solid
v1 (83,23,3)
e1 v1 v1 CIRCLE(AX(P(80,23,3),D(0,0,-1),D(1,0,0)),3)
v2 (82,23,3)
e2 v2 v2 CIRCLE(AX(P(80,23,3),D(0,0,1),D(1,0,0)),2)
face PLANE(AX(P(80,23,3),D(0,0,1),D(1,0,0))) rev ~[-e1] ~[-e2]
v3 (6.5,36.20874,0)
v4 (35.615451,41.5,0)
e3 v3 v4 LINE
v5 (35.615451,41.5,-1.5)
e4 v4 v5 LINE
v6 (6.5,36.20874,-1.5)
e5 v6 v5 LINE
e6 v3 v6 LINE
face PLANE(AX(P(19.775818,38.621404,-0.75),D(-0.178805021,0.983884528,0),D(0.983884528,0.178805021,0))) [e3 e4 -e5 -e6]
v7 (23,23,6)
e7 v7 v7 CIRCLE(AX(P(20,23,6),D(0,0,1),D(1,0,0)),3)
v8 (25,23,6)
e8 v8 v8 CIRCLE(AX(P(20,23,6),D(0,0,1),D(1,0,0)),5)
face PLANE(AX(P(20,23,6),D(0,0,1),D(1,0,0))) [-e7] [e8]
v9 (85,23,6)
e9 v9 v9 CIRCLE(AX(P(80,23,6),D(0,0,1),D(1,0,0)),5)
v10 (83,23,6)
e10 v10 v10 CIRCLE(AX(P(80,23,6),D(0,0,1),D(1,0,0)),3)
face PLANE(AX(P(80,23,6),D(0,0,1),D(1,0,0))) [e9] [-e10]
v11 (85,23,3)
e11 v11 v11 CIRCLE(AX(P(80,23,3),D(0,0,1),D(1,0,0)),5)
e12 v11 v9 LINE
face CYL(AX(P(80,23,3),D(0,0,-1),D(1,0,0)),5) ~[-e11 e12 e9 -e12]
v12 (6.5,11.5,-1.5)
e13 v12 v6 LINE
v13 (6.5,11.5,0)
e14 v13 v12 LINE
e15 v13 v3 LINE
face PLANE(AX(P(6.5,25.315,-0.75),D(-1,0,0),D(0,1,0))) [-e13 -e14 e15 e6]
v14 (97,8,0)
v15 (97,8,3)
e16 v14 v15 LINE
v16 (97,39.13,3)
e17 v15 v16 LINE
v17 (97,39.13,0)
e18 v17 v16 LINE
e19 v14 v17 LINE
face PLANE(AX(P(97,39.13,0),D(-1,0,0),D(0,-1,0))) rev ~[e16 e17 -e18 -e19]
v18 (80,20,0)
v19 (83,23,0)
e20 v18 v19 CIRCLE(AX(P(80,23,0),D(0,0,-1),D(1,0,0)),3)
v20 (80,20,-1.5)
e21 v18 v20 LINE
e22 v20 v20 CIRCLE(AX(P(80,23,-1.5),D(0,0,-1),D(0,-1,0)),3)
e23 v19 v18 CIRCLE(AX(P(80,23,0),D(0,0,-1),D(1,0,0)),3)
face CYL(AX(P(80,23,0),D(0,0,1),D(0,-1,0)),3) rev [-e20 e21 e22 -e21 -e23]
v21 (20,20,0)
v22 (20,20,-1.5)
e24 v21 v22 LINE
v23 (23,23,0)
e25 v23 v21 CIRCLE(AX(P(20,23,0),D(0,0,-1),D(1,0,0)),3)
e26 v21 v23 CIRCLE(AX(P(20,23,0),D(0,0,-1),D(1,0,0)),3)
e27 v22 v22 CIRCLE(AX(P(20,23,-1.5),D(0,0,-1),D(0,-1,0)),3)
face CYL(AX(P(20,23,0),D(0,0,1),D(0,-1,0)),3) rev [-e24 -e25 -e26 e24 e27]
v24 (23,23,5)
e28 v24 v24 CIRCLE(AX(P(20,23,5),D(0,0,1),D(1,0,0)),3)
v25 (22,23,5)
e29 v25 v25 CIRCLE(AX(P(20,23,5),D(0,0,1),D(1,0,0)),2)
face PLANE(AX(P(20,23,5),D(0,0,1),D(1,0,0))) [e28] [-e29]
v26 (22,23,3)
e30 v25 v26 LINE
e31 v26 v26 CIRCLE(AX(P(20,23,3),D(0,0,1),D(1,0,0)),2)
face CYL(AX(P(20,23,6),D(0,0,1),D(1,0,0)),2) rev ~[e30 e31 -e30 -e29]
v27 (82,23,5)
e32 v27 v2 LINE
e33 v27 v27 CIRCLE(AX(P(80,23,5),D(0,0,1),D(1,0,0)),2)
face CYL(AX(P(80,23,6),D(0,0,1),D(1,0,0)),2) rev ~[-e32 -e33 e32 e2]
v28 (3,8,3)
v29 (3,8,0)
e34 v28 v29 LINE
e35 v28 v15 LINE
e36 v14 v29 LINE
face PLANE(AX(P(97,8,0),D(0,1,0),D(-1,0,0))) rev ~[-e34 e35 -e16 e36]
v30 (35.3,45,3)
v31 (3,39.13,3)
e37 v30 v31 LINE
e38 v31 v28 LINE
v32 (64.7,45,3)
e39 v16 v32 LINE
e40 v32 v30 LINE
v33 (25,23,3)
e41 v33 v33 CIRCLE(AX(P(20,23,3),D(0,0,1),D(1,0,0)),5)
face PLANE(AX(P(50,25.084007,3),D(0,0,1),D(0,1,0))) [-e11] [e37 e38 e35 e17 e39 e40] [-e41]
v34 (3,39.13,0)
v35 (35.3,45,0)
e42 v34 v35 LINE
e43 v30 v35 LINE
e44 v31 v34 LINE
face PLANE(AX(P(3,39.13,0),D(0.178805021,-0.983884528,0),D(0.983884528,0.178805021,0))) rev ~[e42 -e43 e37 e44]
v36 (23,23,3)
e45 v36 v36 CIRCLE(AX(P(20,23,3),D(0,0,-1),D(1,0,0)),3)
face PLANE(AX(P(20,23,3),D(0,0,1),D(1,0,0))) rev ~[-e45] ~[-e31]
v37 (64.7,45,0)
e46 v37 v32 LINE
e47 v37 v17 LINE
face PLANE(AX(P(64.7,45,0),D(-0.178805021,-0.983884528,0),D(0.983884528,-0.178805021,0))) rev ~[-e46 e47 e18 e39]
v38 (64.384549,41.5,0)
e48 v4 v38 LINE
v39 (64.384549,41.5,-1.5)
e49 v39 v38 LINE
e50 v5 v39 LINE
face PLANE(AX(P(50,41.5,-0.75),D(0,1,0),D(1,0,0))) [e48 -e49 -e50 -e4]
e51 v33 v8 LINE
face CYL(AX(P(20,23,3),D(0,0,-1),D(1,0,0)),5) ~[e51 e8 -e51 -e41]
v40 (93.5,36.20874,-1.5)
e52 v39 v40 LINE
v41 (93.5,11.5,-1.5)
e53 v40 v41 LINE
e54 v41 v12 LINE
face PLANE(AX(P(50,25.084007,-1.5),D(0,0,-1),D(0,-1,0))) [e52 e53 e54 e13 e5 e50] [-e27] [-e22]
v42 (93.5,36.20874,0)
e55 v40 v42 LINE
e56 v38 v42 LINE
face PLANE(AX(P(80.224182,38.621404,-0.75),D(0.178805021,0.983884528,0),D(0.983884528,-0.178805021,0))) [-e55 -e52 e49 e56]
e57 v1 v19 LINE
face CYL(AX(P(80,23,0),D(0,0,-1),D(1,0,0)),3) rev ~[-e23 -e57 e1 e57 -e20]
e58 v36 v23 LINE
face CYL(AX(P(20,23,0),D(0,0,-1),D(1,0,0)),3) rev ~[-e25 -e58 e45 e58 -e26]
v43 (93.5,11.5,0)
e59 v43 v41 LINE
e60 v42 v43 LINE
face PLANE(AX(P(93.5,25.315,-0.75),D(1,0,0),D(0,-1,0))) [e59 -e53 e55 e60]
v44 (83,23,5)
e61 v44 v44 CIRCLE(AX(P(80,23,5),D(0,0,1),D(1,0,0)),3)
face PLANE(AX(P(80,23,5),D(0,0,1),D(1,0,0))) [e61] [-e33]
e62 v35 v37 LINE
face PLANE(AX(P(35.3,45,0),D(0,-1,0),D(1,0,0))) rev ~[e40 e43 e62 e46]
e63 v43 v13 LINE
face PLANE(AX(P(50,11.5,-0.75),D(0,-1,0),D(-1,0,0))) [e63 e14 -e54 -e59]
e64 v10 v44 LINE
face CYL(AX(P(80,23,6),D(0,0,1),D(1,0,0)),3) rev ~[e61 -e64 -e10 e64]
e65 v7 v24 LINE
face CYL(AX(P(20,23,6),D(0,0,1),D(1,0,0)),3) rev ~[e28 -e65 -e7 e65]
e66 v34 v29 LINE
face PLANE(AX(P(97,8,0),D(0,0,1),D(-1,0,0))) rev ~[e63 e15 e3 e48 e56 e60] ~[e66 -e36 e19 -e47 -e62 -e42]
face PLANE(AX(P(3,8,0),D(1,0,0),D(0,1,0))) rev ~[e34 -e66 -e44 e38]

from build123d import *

# Parameters (mm, degrees)
SKETCH_W           = 100
SKETCH_H           = 45
PAD_DEPTH          = 20
PAD_FACE2_W        = 45
PAD_FACE2_H        = 20
POCKET_DEPTH       = 3
POCKET_FACE5_W     = 45
POCKET_FACE5_H     = 20
POCKET001_DEPTH    = 3
POCKET001_FACE1_W  = 94
POCKET001_FACE1_H  = 20
POCKET002_DEPTH    = 8
POCKET003_DEPTH    = 20
POCKET004_DEPTH    = 17
PAD001_DEPTH       = 2
SKETCH003_R        = 4.025
POCKET005_DEPTH    = 5
SKETCH004_R        = 4.025
POCKET006_DEPTH    = 5
SKETCH005_R        = 4.025
POCKET007_DEPTH    = 5
SKETCH006_R        = 4
SKETCH006_R_2      = 2
POCKET008_DEPTH    = 5
SKETCH007_R        = 3
POCKET009_DEPTH    = 1
PAD002_DEPTH       = 1
SKETCH008_R        = 4.05
POCKET010_DEPTH    = 5
SKETCH009_R        = 4.05
POCKET011_DEPTH    = 5
SKETCH010_R        = 4.05
POCKET012_DEPTH    = 5
SKETCH011_R        = 4
POCKET013_DEPTH    = 5
SKETCH012_W        = 15.333549
SKETCH012_H        = 10.93085
PAD003_DEPTH       = 3
POCKET014_DEPTH    = 20
SKETCH013_W        = 44.347308
SKETCH013_H        = 21.123651
PAD004_DEPTH       = 3
SKETCH014_R        = 3
POCKET015_DEPTH    = 5
SKETCH015_R        = 5
PAD005_DEPTH       = 3
SKETCH016_R        = 2
POCKET016_DEPTH    = 5
SKETCH017_R        = 3
POCKET017_DEPTH    = 1
POCKET017_FACE5_R  = 3
PAD006_DEPTH       = 1.5
PAD006_FACE5_W     = 94
PAD006_FACE5_H     = 1.5
POCKET018_DEPTH    = 3.5
POCKET018_FACE7_W  = 27.63
POCKET018_FACE7_H  = 1.5
POCKET019_DEPTH    = 3.5
POCKET019_FACE12_W = 27.63
POCKET019_FACE12_H = 1.5
POCKET020_DEPTH    = 3.5
POCKET020_FACE17_W = 32.8290557281
POCKET020_FACE17_H = 1.5
POCKET021_DEPTH    = 3.5
POCKET021_FACE14_W = 32.8290557281
POCKET021_FACE14_H = 1.5
POCKET022_DEPTH    = 3.5
POCKET022_FACE18_W = 29.4
POCKET022_FACE18_H = 1.5
POCKET023_DEPTH    = 3.5


with BuildPart() as part:
    # Sketch → Pad (new body)
    with BuildSketch(Plane.XY):
        with Locations((50, 22.5)):
            Rectangle(SKETCH_W, SKETCH_H)
    extrude(amount=PAD_DEPTH)

    # Pad Face2 → Pocket (cut)
    with BuildSketch(Plane(origin=(100, 22.5, 10), x_dir=(0, -1, 0), z_dir=(1, 0, 0))):
        Rectangle(PAD_FACE2_W, PAD_FACE2_H)
    extrude(amount=-POCKET_DEPTH, mode=Mode.SUBTRACT)

    # Pocket Face5 → Pocket001 (cut)
    with BuildSketch(Plane(origin=(0, 22.5, 10), x_dir=(0, 1, 0), z_dir=(-1, 0, 0))):
        Rectangle(POCKET_FACE5_W, POCKET_FACE5_H)
    extrude(amount=-POCKET001_DEPTH, mode=Mode.SUBTRACT)

    # Pocket001 Face1 → Pocket002 (cut)
    with BuildSketch(Plane(origin=(50, 0, 10), x_dir=(-1, 0, 0), z_dir=(0, -1, 0))):
        Rectangle(POCKET001_FACE1_W, POCKET001_FACE1_H)
    extrude(amount=-POCKET002_DEPTH, mode=Mode.SUBTRACT)

    # Sketch001 (on Face6 of Pocket002) → Pocket003 (cut)
    with BuildSketch(Plane.XY.offset(20)):
        Polygon((3, 45), (3, 39.13), (35.3, 45), align=None)
        Polygon((64.7, 45), (97, 45), (97, 39.13), align=None)
    extrude(amount=-POCKET003_DEPTH, mode=Mode.SUBTRACT)

    # Sketch002 (on Face8 of Pocket003) → Pocket004 (cut)
    with BuildSketch(Plane.XY.offset(20)):
        Polygon((6, 36.6260629355), (6, 11), (94, 11), (94, 36.6260629355), (64.6580556127, 42), (35.3419443873, 42), align=None)
    extrude(amount=-POCKET004_DEPTH, mode=Mode.SUBTRACT)

    # Pocket004 Face8 → Pad001 (add)
    with BuildSketch(Plane(origin=(50, 25.1421826555, 20), x_dir=(0, 1, 0), z_dir=(0, 0, 1))):
        Polygon((-17.1421826555, 47), (-17.1421826555, -47), (13.9878173445, -47), (19.8578173445, -14.7), (19.8578173445, 14.7), (13.9878173445, 47), align=None)
        Polygon((-14.1421826555, 44), (11.4838802799, 44), (16.8578173445, 14.6580556127), (16.8578173445, -14.6580556127), (11.4838802799, -44), (-14.1421826555, -44), align=None, mode=Mode.SUBTRACT)
    extrude(amount=PAD001_DEPTH)

    # Sketch003 (on Face6 of Pad001) → Pocket005 (cut)
    with BuildSketch(Plane(origin=(0, 45, 0), x_dir=(-1, 0, 0), z_dir=(0, 1, 0))):
        with Locations((-59.3625, 16.975)):
            Circle(SKETCH003_R)
        with Locations((-50, 16.975)):
            Circle(SKETCH003_R)
        with Locations((-40.6375, 16.975)):
            Circle(SKETCH003_R)
        with Locations((-59.3625, 7.525)):
            Circle(SKETCH003_R)
        with Locations((-50, 7.525)):
            Circle(SKETCH003_R)
        with Locations((-40.6375, 7.525)):
            Circle(SKETCH003_R)
    extrude(amount=-POCKET005_DEPTH, mode=Mode.SUBTRACT)

    # Sketch004 (on Face6 of Pocket005) → Pocket006 (cut)
    with BuildSketch(Plane(origin=(9.9850961575, 54.9435444444, 0), x_dir=(-0.983884528, 0.178805021, 0), z_dir=(0.178805021, 0.983884528, 0))):
        with Locations((-80.0098530156, 16.975)):
            Circle(SKETCH004_R)
        with Locations((-70.9736030156, 16.975)):
            Circle(SKETCH004_R)
        with Locations((-61.6111030156, 16.975)):
            Circle(SKETCH004_R)
        with Locations((-80.3361030156, 7.525)):
            Circle(SKETCH004_R)
        with Locations((-70.9736030156, 7.525)):
            Circle(SKETCH004_R)
        with Locations((-61.6111030156, 7.525)):
            Circle(SKETCH004_R)
    extrude(amount=-POCKET006_DEPTH, mode=Mode.SUBTRACT)

    # Sketch005 (on Face4 of Pocket006) → Pocket007 (cut)
    with BuildSketch(Plane(origin=(-6.7879726028, 37.3511950719, 0), x_dir=(-0.983884528, -0.178805021, 0), z_dir=(-0.178805021, 0.983884528, 0))):
        with Locations((-36.7773497852, 16.975)):
            Circle(SKETCH005_R)
        with Locations((-27.4148497852, 16.975)):
            Circle(SKETCH005_R)
        with Locations((-18.0523497852, 16.975)):
            Circle(SKETCH005_R)
        with Locations((-36.7773497852, 7.525)):
            Circle(SKETCH005_R)
        with Locations((-27.4148497852, 7.525)):
            Circle(SKETCH005_R)
        with Locations((-18.0523497852, 7.525)):
            Circle(SKETCH005_R)
    extrude(amount=-POCKET007_DEPTH, mode=Mode.SUBTRACT)

    # Sketch006 (on Face1 of Pocket007) → Pocket008 (cut)
    with BuildSketch(Plane(origin=(0, 0, 0), x_dir=(1, 0, 0), z_dir=(0, 0, -1))):
        with Locations((50, -23)):
            Circle(SKETCH006_R)
        with Locations((65.7, -18)):
            Circle(SKETCH006_R_2)
        with Locations((34.3, -18)):
            Circle(SKETCH006_R_2)
        with Locations((20, -23)):
            Circle(SKETCH006_R_2)
        with Locations((80, -23)):
            Circle(SKETCH006_R_2)
    extrude(amount=-POCKET008_DEPTH, mode=Mode.SUBTRACT)

    # Sketch007 (on Face1 of Pocket008) → Pocket009 (cut)
    with BuildSketch(Plane(origin=(0, 0, 0), x_dir=(1, 0, 0), z_dir=(0, 0, -1))):
        with Locations((20, -23)):
            Circle(SKETCH007_R)
        with Locations((80, -23)):
            Circle(SKETCH007_R)
    extrude(amount=-POCKET009_DEPTH, mode=Mode.SUBTRACT)

    # Pocket009 Face13 → Pad002 (add)
    with BuildSketch(Plane(origin=(50, 25.1421826555, 22), x_dir=(0, 1, 0), z_dir=(0, 0, 1))):
        Polygon((-17.1421826555, 47), (-17.1421826555, -47), (13.9878173445, -47), (19.8578173445, -14.7), (19.8578173445, 14.7), (13.9878173445, 47), align=None)
        Polygon((-14.1421826555, 44), (11.4838802799, 44), (16.8578173445, 14.6580556127), (16.8578173445, -14.6580556127), (11.4838802799, -44), (-14.1421826555, -44), align=None, mode=Mode.SUBTRACT)
    extrude(amount=PAD002_DEPTH)

    # Sketch008 (on Face30 of Pad002) → Pocket010 (cut)
    with BuildSketch(Plane(origin=(0, 45, 0), x_dir=(-1, 0, 0), z_dir=(0, 1, 0))):
        with Locations((-59.3625, 16.975)):
            Circle(SKETCH008_R)
        with Locations((-50.000011, 16.975002)):
            Circle(SKETCH008_R)
        with Locations((-40.6375, 16.975)):
            Circle(SKETCH008_R)
        with Locations((-40.6375, 7.525)):
            Circle(SKETCH008_R)
        with Locations((-50, 7.525)):
            Circle(SKETCH008_R)
        with Locations((-59.3625, 7.525)):
            Circle(SKETCH008_R)
    extrude(amount=-POCKET010_DEPTH, mode=Mode.SUBTRACT)

    # Sketch009 (on Face6 of Pocket010) → Pocket011 (cut)
    with BuildSketch(Plane(origin=(9.9850961575, 54.9435444444, 0), x_dir=(-0.983884528, 0.178805021, 0), z_dir=(0.178805021, 0.983884528, 0))):
        with Locations((-80.0098530156, 16.975)):
            Circle(SKETCH009_R)
        with Locations((-70.9736030156, 16.975)):
            Circle(SKETCH009_R)
        with Locations((-61.6111030156, 16.975)):
            Circle(SKETCH009_R)
        with Locations((-61.6111030156, 7.525)):
            Circle(SKETCH009_R)
        with Locations((-70.9736030156, 7.525)):
            Circle(SKETCH009_R)
        with Locations((-80.3361030156, 7.525)):
            Circle(SKETCH009_R)
    extrude(amount=-POCKET011_DEPTH, mode=Mode.SUBTRACT)

    # Sketch010 (on Face5 of Pocket011) → Pocket012 (cut)
    with BuildSketch(Plane(origin=(-6.7879726028, 37.3511950719, 0), x_dir=(-0.983884528, -0.178805021, 0), z_dir=(-0.178805021, 0.983884528, 0))):
        with Locations((-36.7773497852, 16.975)):
            Circle(SKETCH010_R)
        with Locations((-27.4148497852, 16.975)):
            Circle(SKETCH010_R)
        with Locations((-18.0523497852, 16.975)):
            Circle(SKETCH010_R)
        with Locations((-18.0523497852, 7.525)):
            Circle(SKETCH010_R)
        with Locations((-27.4148497852, 7.525)):
            Circle(SKETCH010_R)
        with Locations((-36.7773497852, 7.525)):
            Circle(SKETCH010_R)
    extrude(amount=-POCKET012_DEPTH, mode=Mode.SUBTRACT)

    # Sketch011 (on Face3 of Pocket012) → Pocket013 (cut)
    with BuildSketch(Plane(origin=(3, 0, 0), x_dir=(0, -1, 0), z_dir=(-1, 0, 0))):
        with Locations((-20, 15)):
            Circle(SKETCH011_R)
    extrude(amount=-POCKET013_DEPTH, mode=Mode.SUBTRACT)

    # Sketch012 (on Face3 of Pocket013) → Pad003 (join)
    with BuildSketch(Plane(origin=(3, 0, 0), x_dir=(0, -1, 0), z_dir=(-1, 0, 0))):
        with Locations((-20.0389255, 14.391196)):
            Rectangle(SKETCH012_W, SKETCH012_H)
    extrude(amount=-PAD003_DEPTH)

    # Cut004 Face13 → Pocket014 (cut)
    with BuildSketch(Plane(origin=(50, 25.1421826555, 23), x_dir=(0, 1, 0), z_dir=(0, 0, 1))):
        Polygon((-17.1421826555, 47), (-17.1421826555, -47), (13.9878173445, -47), (19.8578173445, -14.7), (19.8578173445, 14.7), (13.9878173445, 47), align=None)
        Polygon((-14.1421826555, 44), (11.4838802799, 44), (16.8578173445, 14.6580556127), (16.8578173445, -14.6580556127), (11.4838802799, -44), (-14.1421826555, -44), align=None, mode=Mode.SUBTRACT)
    extrude(amount=-POCKET014_DEPTH, mode=Mode.SUBTRACT)

    # Sketch013 (on Face14 of Pocket014) → Pad004 (join)
    with BuildSketch(Plane.XY.offset(3)):
        with Locations((50.079177, 23.7179785)):
            Rectangle(SKETCH013_W, SKETCH013_H)
    extrude(amount=-PAD004_DEPTH)

    # Sketch014 (on Face7 of Pad004) → Pocket015 (cut)
    with BuildSketch(Plane(origin=(0, 0, 0), x_dir=(1, 0, 0), z_dir=(0, 0, -1))):
        with Locations((20, -23)):
            Circle(SKETCH014_R)
        with Locations((80, -23)):
            Circle(SKETCH014_R)
    extrude(amount=-POCKET015_DEPTH, mode=Mode.SUBTRACT)

    # Sketch015 (on Face3 of Pocket015) → Pad005 (join)
    with BuildSketch(Plane.XY.offset(3)):
        with Locations((20, 23)):
            Circle(SKETCH015_R)
        with Locations((80, 23)):
            Circle(SKETCH015_R)
    extrude(amount=PAD005_DEPTH)

    # Sketch016 (on Face13 of Pad005) → Pocket016 (cut)
    with BuildSketch(Plane.XY.offset(6)):
        with Locations((20, 23)):
            Circle(SKETCH016_R)
        with Locations((80, 23)):
            Circle(SKETCH016_R)
    extrude(amount=-POCKET016_DEPTH, mode=Mode.SUBTRACT)

    # Sketch017 (on Face14 of Pocket016) → Pocket017 (cut)
    with BuildSketch(Plane.XY.offset(6)):
        with Locations((20, 23)):
            Circle(SKETCH017_R)
        with Locations((80, 23)):
            Circle(SKETCH017_R)
    extrude(amount=-POCKET017_DEPTH, mode=Mode.SUBTRACT)

    # Pocket017 Face5 → Pad006 (add)
    with BuildSketch(Plane(origin=(50, 25.5907028779, 0), x_dir=(0, -1, 0), z_dir=(0, 0, -1))):
        Polygon((17.5907028779, -47), (17.5907028779, 47), (-13.5392971221, 47), (-19.4092971221, 14.7), (-19.4092971221, -14.7), (-13.5392971221, -47), align=None)
        with Locations((2.5907028779, -30)):
            Circle(POCKET017_FACE5_R, mode=Mode.SUBTRACT)
        with Locations((2.5907028779, 30)):
            Circle(POCKET017_FACE5_R, mode=Mode.SUBTRACT)
    extrude(amount=PAD006_DEPTH)

    # Pad006 Face5 → Pocket018 (cut)
    with BuildSketch(Plane(origin=(50, 8, -0.75), x_dir=(-1, 0, 0), z_dir=(0, -1, 0))):
        Rectangle(PAD006_FACE5_W, PAD006_FACE5_H)
    extrude(amount=-POCKET018_DEPTH, mode=Mode.SUBTRACT)

    # Pocket018 Face7 → Pocket019 (cut)
    with BuildSketch(Plane(origin=(3, 25.315, -0.75), x_dir=(0, 1, 0), z_dir=(-1, 0, 0))):
        Rectangle(POCKET018_FACE7_W, POCKET018_FACE7_H)
    extrude(amount=-POCKET019_DEPTH, mode=Mode.SUBTRACT)

    # Pocket019 Face12 → Pocket020 (cut)
    with BuildSketch(Plane(origin=(97, 25.315, -0.75), x_dir=(0, -1, 0), z_dir=(1, 0, 0))):
        Rectangle(POCKET019_FACE12_W, POCKET019_FACE12_H)
    extrude(amount=-POCKET020_DEPTH, mode=Mode.SUBTRACT)

    # Pocket020 Face17 → Pocket021 (cut)
    with BuildSketch(Plane(origin=(80.85, 42.065, -0.75), x_dir=(0.983884528, -0.178805021, 0), z_dir=(0.178805021, 0.983884528, 0))):
        Rectangle(POCKET020_FACE17_W, POCKET020_FACE17_H)
    extrude(amount=-POCKET021_DEPTH, mode=Mode.SUBTRACT)

    # Pocket021 Face14 → Pocket022 (cut)
    with BuildSketch(Plane(origin=(19.15, 42.065, -0.75), x_dir=(0.983884528, 0.178805021, 0), z_dir=(-0.178805021, 0.983884528, 0))):
        Rectangle(POCKET021_FACE14_W, POCKET021_FACE14_H)
    extrude(amount=-POCKET022_DEPTH, mode=Mode.SUBTRACT)

    # Pocket022 Face18 → Pocket023 (cut)
    with BuildSketch(Plane(origin=(50, 45, -0.75), x_dir=(1, 0, 0), z_dir=(0, 1, 0))):
        Rectangle(POCKET022_FACE18_W, POCKET022_FACE18_H)
    extrude(amount=-POCKET023_DEPTH, mode=Mode.SUBTRACT)


solid = part.part
